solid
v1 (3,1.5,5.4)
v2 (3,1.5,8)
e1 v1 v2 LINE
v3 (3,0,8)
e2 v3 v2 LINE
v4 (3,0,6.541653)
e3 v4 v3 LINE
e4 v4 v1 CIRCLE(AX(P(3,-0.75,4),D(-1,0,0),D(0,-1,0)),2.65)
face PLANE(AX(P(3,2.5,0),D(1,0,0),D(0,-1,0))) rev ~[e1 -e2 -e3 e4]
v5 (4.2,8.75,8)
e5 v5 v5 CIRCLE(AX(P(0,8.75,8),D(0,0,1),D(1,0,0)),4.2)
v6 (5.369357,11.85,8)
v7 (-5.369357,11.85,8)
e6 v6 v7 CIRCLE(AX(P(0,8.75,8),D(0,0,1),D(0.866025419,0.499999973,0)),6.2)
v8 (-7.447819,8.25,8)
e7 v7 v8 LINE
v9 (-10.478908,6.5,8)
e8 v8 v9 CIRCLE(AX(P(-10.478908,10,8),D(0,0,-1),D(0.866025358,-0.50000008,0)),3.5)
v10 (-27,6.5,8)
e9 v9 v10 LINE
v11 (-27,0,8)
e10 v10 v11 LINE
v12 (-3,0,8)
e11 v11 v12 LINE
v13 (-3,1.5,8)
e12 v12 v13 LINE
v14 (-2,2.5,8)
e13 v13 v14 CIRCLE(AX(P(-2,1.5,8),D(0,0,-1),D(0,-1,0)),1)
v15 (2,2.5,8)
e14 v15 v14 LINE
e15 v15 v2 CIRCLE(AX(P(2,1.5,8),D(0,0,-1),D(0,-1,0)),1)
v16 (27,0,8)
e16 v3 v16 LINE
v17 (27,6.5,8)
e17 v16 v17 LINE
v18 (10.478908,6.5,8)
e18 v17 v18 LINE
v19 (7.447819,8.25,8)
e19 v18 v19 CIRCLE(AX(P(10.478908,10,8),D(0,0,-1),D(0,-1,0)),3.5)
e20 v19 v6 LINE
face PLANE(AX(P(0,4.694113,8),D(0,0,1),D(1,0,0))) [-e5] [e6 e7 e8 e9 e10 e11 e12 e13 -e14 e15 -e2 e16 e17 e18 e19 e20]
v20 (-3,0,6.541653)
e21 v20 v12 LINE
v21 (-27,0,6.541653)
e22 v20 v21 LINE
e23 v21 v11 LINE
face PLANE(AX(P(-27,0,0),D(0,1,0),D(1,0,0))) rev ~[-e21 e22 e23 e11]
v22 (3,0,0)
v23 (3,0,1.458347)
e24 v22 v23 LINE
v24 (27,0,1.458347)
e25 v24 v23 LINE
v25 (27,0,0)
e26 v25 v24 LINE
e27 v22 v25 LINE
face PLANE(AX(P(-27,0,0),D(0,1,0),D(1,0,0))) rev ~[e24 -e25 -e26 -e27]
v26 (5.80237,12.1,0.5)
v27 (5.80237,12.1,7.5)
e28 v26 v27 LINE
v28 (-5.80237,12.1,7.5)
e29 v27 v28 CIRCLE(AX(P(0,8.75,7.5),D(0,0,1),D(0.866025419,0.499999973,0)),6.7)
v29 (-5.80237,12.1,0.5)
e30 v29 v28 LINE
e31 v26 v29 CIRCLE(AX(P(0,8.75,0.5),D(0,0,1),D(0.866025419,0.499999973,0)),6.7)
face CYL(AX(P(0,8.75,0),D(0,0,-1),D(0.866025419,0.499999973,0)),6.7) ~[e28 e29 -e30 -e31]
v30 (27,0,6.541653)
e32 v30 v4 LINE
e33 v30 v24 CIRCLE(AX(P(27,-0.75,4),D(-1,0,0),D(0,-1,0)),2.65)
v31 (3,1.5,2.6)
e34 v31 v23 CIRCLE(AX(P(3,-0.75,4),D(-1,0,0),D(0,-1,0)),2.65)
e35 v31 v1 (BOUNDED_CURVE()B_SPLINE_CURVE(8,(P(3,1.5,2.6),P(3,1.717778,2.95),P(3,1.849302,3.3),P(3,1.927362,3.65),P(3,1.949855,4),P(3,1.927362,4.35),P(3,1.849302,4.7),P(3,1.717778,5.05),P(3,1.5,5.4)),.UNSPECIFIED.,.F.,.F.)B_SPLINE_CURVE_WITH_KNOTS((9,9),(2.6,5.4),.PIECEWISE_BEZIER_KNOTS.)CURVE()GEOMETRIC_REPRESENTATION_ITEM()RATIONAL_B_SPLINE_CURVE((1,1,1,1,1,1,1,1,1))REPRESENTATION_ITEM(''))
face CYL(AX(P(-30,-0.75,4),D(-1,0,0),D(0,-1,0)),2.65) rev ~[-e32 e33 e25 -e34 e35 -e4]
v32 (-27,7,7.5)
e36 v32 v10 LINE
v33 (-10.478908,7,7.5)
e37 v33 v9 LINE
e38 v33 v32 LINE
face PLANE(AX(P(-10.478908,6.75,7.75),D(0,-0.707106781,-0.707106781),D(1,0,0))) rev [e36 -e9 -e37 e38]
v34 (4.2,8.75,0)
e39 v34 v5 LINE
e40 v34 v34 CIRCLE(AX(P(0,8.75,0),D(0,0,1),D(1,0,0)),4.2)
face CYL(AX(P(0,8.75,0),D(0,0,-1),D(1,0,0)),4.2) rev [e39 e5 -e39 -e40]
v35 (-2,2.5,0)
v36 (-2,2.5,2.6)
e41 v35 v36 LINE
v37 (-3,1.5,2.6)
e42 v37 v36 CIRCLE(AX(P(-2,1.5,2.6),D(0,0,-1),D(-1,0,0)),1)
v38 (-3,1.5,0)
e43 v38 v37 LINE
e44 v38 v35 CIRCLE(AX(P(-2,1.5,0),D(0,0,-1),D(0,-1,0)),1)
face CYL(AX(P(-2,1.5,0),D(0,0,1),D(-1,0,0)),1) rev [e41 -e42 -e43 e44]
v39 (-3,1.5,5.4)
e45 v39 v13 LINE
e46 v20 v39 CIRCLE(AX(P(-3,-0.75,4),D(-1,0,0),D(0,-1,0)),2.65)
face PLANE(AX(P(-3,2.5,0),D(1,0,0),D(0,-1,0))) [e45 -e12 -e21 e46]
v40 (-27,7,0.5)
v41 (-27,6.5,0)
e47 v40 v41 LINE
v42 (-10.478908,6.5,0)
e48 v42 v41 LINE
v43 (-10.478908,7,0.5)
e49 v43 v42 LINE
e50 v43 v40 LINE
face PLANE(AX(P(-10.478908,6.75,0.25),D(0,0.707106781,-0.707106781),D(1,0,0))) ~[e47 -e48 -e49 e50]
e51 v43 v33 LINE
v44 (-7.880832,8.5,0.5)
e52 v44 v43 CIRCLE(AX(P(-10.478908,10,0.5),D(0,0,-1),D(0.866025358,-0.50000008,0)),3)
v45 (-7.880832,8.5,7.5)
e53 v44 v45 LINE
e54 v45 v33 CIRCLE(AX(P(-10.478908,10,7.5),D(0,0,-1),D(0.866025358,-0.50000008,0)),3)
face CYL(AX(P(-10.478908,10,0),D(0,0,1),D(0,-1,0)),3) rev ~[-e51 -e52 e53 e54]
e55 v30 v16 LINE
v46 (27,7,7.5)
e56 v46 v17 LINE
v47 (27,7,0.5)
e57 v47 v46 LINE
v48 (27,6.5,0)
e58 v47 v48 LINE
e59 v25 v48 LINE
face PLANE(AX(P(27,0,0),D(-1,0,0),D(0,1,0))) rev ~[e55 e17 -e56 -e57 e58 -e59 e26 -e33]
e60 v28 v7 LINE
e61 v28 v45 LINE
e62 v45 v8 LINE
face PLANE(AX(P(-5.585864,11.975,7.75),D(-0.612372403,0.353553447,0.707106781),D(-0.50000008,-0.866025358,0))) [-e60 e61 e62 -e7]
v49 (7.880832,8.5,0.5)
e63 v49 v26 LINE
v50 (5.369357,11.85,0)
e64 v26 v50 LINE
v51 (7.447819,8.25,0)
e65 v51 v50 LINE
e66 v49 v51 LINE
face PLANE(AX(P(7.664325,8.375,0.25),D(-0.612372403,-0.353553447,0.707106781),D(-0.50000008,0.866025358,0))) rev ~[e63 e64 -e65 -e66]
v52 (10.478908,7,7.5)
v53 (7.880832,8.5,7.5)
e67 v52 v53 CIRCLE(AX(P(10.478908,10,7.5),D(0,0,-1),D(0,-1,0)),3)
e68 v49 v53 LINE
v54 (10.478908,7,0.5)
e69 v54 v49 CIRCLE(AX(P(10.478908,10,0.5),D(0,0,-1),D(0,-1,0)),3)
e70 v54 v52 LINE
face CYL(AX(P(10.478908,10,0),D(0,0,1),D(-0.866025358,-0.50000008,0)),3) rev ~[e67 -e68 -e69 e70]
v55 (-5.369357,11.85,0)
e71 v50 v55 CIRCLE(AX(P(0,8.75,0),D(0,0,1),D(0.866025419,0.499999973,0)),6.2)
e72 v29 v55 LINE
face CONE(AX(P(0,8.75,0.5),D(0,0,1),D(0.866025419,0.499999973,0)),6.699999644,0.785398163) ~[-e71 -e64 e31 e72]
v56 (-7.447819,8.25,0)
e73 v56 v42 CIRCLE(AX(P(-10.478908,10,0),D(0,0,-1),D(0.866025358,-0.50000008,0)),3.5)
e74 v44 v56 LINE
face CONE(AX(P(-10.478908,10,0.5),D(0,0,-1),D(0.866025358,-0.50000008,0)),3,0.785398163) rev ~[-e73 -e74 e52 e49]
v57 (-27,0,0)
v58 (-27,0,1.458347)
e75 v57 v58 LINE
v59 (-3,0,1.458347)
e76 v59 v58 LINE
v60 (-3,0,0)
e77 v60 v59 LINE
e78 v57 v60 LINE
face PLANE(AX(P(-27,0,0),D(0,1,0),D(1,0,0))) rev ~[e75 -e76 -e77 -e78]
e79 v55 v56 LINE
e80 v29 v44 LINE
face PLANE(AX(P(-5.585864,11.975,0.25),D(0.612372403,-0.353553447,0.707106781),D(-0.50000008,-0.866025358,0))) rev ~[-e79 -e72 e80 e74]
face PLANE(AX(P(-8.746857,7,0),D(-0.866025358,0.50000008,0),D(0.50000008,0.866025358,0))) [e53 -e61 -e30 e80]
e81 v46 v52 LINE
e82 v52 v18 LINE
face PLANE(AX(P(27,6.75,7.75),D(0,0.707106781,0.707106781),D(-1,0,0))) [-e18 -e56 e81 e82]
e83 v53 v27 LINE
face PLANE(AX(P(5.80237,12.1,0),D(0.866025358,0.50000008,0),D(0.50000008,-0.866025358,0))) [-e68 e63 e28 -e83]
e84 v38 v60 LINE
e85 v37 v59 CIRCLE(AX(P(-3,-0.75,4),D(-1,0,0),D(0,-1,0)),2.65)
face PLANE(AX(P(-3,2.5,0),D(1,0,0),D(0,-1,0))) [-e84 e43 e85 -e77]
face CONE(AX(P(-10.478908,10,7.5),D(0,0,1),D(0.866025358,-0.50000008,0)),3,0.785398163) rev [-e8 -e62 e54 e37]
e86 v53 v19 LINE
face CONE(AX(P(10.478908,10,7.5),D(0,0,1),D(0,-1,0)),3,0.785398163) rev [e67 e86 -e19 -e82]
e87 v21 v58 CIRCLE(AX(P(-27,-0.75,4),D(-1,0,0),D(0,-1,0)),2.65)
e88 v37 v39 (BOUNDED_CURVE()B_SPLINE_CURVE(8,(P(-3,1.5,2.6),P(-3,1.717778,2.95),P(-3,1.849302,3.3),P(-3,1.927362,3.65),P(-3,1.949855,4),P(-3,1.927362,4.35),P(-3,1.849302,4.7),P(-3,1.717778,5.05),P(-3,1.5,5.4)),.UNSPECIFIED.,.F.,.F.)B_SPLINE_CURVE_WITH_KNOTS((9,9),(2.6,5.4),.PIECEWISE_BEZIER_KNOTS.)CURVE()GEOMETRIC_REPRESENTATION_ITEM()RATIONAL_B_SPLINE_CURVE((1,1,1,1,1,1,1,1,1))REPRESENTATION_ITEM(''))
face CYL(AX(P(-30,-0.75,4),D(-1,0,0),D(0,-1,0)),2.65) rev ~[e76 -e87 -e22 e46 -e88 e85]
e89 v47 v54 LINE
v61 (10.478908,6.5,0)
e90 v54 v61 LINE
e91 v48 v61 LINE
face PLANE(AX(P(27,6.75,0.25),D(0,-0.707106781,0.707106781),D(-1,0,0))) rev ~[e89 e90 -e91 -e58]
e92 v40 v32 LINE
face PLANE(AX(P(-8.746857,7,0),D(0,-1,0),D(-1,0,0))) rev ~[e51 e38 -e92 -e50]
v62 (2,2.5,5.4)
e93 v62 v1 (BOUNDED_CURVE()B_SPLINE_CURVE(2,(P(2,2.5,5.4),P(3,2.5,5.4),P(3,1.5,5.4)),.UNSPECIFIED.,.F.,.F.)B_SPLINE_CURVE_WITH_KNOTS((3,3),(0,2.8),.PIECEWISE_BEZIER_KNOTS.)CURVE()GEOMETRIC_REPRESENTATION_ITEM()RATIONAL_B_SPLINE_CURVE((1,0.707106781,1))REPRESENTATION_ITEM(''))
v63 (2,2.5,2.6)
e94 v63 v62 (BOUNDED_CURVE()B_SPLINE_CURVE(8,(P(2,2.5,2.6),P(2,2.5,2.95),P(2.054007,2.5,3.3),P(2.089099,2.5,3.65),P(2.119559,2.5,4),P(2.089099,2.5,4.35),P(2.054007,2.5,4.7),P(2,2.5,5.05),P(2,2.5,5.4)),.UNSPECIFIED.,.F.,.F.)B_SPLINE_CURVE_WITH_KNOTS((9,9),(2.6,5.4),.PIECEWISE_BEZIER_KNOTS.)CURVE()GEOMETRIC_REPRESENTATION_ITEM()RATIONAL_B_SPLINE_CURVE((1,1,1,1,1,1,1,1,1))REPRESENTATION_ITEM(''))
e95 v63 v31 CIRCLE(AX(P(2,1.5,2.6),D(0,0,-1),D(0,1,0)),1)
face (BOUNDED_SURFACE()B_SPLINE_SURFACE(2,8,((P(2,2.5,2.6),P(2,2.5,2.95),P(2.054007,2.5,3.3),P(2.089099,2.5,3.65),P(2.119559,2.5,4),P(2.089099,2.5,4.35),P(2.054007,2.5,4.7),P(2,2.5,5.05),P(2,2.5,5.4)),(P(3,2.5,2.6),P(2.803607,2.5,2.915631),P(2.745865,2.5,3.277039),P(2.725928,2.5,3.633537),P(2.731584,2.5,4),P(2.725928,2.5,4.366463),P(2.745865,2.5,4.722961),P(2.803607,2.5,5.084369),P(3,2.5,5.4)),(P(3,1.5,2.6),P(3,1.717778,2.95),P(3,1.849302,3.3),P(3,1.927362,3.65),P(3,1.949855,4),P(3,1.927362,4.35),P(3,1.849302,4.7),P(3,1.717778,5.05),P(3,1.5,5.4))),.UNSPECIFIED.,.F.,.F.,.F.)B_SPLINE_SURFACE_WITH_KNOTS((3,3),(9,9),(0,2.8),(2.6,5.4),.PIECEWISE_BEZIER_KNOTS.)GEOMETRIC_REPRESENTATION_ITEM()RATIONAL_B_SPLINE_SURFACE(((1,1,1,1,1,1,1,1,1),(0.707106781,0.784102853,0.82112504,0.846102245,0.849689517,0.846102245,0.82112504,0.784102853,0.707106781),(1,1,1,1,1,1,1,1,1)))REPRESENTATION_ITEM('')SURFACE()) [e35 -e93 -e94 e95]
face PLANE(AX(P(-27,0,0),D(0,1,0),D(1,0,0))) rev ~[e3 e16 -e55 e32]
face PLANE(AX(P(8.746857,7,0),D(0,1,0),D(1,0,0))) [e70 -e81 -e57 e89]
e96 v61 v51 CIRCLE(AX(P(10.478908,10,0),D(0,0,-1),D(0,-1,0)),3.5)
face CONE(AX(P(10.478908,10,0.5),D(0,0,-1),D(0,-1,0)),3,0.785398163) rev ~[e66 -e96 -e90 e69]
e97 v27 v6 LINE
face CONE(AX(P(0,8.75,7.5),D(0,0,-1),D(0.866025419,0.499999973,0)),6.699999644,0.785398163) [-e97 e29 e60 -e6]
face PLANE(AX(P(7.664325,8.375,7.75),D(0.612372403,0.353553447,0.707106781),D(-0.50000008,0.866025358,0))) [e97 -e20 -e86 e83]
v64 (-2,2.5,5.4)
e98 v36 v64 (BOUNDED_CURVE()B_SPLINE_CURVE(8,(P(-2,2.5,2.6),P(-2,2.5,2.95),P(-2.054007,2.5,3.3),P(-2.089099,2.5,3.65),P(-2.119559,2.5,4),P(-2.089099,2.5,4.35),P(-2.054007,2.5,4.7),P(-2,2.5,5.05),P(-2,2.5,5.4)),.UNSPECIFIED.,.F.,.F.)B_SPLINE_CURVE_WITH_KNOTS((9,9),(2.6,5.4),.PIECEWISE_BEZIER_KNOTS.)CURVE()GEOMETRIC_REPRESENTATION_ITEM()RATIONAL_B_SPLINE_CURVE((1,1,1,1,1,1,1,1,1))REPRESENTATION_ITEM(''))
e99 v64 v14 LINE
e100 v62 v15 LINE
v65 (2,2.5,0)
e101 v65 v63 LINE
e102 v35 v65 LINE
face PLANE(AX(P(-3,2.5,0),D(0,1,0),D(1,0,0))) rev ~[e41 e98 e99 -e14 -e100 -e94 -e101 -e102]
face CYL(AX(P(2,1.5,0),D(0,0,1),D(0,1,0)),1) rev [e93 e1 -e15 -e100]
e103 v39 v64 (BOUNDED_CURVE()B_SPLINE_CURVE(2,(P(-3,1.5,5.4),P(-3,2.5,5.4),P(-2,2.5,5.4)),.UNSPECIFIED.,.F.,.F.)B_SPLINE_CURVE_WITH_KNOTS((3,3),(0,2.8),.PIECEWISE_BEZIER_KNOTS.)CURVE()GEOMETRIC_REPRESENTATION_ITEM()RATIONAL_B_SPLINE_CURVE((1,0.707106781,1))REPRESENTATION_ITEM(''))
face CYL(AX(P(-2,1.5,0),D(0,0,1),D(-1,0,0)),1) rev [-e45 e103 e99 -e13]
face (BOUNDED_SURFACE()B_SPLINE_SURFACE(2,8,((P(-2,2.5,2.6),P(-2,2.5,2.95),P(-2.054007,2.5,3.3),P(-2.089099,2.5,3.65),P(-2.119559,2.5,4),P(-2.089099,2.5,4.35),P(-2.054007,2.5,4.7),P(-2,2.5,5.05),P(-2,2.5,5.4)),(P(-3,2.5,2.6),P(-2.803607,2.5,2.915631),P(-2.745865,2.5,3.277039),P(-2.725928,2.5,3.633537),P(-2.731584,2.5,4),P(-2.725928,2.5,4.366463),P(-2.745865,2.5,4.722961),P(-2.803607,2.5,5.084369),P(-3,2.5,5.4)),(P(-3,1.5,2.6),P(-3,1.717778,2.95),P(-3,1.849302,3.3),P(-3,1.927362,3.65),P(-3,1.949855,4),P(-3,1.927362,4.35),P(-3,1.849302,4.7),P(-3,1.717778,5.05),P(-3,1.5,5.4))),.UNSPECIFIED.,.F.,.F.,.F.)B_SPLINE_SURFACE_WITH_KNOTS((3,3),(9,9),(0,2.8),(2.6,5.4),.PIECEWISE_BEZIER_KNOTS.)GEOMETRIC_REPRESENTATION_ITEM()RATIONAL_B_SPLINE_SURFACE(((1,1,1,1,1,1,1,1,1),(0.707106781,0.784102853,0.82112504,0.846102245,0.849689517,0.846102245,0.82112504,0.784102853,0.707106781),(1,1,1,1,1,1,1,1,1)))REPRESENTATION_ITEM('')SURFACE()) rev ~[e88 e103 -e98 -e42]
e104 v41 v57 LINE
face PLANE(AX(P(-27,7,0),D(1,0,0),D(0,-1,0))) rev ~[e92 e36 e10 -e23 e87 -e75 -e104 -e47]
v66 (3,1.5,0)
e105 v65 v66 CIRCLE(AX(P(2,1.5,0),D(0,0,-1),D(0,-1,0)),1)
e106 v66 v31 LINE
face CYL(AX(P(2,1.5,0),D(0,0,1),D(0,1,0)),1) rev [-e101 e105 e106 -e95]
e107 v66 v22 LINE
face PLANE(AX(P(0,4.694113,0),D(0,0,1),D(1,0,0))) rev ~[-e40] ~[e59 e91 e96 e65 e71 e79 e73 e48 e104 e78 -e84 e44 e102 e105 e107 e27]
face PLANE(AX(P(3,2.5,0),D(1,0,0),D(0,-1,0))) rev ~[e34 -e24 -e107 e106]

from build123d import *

# Parameters (mm, degrees)
SKETCH_R        = 4.2
PAD_DEPTH       = 8
SKETCH002_W     = 6
SKETCH002_H     = 2.5
POCKET001_DEPTH = 8.001
SKETCH003_R     = 2.65
POCKET_DEPTH    = 57.001
FILLET_R        = 3
CHAMFER_SIZE    = 0.5
FILLET001_R     = 1


with BuildPart() as part:
    # Sketch → Pad (new body)
    with BuildSketch(Plane.XY):
        with BuildLine():
            Line((-8.746857, 7), (-27, 7))
            Line((-27, 7), (-27, 0))
            Line((-27, 0), (27, 0))
            Line((27, 0), (27, 7))
            Line((8.746857, 7), (27, 7))
            Line((5.80237, 12.1), (8.746857, 7))
            ThreePointArc((5.80237, 12.1), (0, 15.45), (-5.80237, 12.1))
            Line((-8.746857, 7), (-5.80237, 12.1))
        make_face()
        with Locations((0, 8.75)):
            Circle(SKETCH_R, mode=Mode.SUBTRACT)
    extrude(amount=PAD_DEPTH)

    # Sketch002 → Pocket001 (cut, through all)
    with BuildSketch(Plane(origin=(0, 0, 0), x_dir=(1, 0, 0), z_dir=(0, 0, -1))):
        with Locations((0, -1.25)):
            Rectangle(SKETCH002_W, SKETCH002_H)
    extrude(amount=-POCKET001_DEPTH, mode=Mode.SUBTRACT)

    # Sketch003 → Pocket (cut, through all)
    with BuildSketch(Plane(origin=(-30, 0, 0), x_dir=(0, -1, 0), z_dir=(-1, 0, 0))):
        with Locations((0.75, 4)):
            Circle(SKETCH003_R)
    extrude(amount=-POCKET_DEPTH, mode=Mode.SUBTRACT)

    # Fillet
    fillet_edges = [part.edges().sort_by_distance(p)[0] for p in [
        (-8.746857, 7, 4),
        (8.746857, 7, 4),
    ]]
    fillet(fillet_edges, radius=FILLET_R)

    # Chamfer
    chamfer_edges = [part.edges().sort_by_distance(p)[0] for p in [
        (-18.739454, 7, 8),
        (-18.739454, 7, 0),
    ]]
    chamfer(chamfer_edges, length=CHAMFER_SIZE)

    # Fillet001
    fillet001_edges = [part.edges().sort_by_distance(p)[0] for p in [
        (-3, 2.5, 4),
        (3, 2.5, 4),
    ]]
    fillet(fillet001_edges, radius=FILLET001_R)


solid = part.part
